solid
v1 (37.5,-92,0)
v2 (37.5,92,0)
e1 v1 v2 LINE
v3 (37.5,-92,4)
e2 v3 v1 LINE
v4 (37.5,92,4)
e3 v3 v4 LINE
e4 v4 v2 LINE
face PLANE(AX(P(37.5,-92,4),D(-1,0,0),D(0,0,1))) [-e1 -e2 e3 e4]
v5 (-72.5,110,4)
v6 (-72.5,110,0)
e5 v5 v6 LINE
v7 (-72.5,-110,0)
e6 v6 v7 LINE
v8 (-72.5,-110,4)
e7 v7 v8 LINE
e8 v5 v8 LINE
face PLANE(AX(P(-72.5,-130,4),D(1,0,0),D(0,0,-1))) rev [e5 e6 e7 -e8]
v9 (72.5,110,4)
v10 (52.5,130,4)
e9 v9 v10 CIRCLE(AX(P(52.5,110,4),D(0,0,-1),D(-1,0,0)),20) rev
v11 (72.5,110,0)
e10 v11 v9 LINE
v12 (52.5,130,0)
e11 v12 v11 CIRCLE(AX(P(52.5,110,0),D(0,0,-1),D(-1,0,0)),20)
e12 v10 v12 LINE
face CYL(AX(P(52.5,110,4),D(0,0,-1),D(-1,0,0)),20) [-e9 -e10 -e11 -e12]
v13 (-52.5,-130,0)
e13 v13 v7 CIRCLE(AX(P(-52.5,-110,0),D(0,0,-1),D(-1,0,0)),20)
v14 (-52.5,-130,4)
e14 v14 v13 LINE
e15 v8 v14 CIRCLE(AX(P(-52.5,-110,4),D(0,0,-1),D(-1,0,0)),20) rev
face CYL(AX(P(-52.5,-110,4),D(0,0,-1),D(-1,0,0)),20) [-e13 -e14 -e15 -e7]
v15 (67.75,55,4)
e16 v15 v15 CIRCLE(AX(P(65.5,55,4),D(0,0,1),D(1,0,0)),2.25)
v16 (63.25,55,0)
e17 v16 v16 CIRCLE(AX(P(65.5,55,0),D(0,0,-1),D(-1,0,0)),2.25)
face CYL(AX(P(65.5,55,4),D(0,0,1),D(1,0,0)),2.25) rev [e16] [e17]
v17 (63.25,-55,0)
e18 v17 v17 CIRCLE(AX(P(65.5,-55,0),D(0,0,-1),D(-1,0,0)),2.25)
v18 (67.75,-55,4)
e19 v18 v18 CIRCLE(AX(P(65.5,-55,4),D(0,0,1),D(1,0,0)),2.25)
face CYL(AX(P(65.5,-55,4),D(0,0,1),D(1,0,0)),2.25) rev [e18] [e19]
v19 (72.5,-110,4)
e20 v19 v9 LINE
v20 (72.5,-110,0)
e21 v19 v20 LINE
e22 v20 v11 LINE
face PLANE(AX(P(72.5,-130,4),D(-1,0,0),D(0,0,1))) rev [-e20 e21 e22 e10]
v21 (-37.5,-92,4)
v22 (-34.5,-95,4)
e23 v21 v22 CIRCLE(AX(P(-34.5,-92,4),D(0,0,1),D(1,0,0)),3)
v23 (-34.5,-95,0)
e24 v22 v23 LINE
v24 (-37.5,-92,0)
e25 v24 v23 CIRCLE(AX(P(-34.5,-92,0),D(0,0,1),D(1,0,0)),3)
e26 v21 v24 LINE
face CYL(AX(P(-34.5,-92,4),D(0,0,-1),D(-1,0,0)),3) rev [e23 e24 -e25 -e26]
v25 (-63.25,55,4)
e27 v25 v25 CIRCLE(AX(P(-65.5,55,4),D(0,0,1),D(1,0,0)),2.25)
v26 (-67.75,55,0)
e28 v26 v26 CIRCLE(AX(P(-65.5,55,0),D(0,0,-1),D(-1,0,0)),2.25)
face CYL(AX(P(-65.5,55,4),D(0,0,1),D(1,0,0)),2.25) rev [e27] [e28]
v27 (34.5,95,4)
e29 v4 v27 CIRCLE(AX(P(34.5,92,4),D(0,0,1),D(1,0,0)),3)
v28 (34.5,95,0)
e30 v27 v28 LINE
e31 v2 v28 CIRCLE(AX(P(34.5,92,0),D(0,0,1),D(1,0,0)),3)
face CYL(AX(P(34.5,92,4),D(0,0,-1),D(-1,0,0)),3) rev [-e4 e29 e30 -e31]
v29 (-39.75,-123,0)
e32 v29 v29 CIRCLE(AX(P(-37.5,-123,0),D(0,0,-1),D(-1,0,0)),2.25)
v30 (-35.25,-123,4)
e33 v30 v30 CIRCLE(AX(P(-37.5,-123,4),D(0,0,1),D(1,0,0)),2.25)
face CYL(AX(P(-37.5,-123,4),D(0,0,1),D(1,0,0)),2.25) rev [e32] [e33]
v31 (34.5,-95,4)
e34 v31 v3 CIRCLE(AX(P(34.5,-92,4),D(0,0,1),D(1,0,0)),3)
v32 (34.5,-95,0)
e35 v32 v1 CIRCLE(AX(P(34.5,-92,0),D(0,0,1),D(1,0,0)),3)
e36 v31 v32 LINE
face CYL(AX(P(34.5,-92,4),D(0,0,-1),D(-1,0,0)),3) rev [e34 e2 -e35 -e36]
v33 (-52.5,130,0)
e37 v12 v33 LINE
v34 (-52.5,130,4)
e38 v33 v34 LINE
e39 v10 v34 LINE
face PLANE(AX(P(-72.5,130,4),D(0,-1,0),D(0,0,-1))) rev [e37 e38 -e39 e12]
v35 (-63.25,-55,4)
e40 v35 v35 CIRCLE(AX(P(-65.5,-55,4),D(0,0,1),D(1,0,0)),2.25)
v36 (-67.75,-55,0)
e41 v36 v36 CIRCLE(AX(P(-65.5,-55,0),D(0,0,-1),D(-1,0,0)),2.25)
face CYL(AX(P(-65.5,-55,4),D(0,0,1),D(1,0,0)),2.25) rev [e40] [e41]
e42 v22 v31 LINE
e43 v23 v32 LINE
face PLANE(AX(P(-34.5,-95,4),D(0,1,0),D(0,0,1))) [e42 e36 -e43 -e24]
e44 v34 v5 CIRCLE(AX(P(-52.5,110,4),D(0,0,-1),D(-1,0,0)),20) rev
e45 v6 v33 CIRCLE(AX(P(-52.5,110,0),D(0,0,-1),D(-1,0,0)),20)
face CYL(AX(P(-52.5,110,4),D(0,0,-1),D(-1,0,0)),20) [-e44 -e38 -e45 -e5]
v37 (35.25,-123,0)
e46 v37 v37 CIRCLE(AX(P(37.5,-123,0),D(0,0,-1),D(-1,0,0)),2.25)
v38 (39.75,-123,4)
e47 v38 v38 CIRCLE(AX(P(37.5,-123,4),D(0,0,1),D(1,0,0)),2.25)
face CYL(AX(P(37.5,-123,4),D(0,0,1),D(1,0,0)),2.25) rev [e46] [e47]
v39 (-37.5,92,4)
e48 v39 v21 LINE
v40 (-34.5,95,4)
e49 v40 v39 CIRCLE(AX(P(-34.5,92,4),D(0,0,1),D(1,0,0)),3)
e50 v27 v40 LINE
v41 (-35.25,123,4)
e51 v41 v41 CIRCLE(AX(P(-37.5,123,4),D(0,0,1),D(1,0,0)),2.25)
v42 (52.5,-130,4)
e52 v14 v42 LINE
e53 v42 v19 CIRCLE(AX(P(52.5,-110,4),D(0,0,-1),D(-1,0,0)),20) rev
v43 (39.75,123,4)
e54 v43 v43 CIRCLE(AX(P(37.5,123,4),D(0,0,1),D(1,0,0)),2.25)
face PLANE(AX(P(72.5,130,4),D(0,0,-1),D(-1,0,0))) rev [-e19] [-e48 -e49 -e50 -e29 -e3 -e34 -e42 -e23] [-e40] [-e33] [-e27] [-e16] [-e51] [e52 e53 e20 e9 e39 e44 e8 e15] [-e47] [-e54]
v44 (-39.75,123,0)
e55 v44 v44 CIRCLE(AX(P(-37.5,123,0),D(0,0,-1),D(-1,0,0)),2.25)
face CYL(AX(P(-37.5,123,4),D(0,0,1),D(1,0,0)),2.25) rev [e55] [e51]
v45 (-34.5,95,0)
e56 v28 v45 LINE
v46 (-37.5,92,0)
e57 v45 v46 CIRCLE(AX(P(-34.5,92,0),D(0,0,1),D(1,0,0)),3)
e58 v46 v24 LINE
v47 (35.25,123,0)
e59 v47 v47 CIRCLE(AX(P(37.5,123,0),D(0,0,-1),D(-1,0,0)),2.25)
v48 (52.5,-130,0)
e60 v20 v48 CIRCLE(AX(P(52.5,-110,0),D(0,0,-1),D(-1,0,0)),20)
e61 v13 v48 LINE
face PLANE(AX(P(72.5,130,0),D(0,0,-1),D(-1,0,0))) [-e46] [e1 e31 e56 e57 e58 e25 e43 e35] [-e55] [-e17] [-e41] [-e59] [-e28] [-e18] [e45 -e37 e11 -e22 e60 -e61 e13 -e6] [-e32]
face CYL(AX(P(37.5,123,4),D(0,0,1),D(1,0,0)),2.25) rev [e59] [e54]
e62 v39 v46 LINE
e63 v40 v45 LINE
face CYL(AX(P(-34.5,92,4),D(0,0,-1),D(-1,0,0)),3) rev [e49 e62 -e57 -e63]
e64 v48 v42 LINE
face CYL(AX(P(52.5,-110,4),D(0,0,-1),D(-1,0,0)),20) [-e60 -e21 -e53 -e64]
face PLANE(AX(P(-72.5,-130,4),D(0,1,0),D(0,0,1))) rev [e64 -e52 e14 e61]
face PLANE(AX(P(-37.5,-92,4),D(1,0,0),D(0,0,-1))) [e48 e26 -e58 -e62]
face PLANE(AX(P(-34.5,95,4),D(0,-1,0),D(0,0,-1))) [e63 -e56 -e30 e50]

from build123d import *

# Parameters (mm, degrees)
ESBO_O1_W                = 145
ESBO_O1_H                = 260
RESSALTO_EXTRUS_O1_DEPTH = 4
FURO_COM_FOLGA_DE_M41_D  = 4.5
FILETE1_R                = 20


with BuildPart() as part:
    # Esboço1 → Ressalto-extrusão1 (new body)
    with BuildSketch(Plane.XY):
        Rectangle(ESBO_O1_W, ESBO_O1_H)
        with BuildLine():
            Line((-34.5, -95), (34.5, -95))
            ThreePointArc((34.5, -95), (36.621320344, -94.121320344), (37.5, -92))
            Line((37.5, -92), (37.5, 92))
            ThreePointArc((37.5, 92), (36.621320344, 94.121320344), (34.5, 95))
            Line((34.5, 95), (-34.5, 95))
            ThreePointArc((-34.5, 95), (-36.621320344, 94.121320344), (-37.5, 92))
            Line((-37.5, 92), (-37.5, -92))
            ThreePointArc((-37.5, -92), (-36.621320344, -94.121320344), (-34.5, -95))
        make_face(mode=Mode.SUBTRACT)
    extrude(amount=RESSALTO_EXTRUS_O1_DEPTH)

    # Furo com folga de M41 (through all)
    with Locations(Plane.XY.offset(4)):
        with Locations((-37.5, 123), (37.5, 123), (65.5, 55), (65.5, -55), (37.5, -123), (-37.5, -123), (-65.5, -55), (-65.5, 55)):
            Hole(FURO_COM_FOLGA_DE_M41_D / 2)

    # Filete1
    filete1_edges = [part.edges().sort_by_distance(p)[0] for p in [
        (72.5, -130, 2),
        (-72.5, -130, 2),
        (-72.5, 130, 2),
        (72.5, 130, 2),
    ]]
    fillet(filete1_edges, radius=FILETE1_R)


solid = part.part
